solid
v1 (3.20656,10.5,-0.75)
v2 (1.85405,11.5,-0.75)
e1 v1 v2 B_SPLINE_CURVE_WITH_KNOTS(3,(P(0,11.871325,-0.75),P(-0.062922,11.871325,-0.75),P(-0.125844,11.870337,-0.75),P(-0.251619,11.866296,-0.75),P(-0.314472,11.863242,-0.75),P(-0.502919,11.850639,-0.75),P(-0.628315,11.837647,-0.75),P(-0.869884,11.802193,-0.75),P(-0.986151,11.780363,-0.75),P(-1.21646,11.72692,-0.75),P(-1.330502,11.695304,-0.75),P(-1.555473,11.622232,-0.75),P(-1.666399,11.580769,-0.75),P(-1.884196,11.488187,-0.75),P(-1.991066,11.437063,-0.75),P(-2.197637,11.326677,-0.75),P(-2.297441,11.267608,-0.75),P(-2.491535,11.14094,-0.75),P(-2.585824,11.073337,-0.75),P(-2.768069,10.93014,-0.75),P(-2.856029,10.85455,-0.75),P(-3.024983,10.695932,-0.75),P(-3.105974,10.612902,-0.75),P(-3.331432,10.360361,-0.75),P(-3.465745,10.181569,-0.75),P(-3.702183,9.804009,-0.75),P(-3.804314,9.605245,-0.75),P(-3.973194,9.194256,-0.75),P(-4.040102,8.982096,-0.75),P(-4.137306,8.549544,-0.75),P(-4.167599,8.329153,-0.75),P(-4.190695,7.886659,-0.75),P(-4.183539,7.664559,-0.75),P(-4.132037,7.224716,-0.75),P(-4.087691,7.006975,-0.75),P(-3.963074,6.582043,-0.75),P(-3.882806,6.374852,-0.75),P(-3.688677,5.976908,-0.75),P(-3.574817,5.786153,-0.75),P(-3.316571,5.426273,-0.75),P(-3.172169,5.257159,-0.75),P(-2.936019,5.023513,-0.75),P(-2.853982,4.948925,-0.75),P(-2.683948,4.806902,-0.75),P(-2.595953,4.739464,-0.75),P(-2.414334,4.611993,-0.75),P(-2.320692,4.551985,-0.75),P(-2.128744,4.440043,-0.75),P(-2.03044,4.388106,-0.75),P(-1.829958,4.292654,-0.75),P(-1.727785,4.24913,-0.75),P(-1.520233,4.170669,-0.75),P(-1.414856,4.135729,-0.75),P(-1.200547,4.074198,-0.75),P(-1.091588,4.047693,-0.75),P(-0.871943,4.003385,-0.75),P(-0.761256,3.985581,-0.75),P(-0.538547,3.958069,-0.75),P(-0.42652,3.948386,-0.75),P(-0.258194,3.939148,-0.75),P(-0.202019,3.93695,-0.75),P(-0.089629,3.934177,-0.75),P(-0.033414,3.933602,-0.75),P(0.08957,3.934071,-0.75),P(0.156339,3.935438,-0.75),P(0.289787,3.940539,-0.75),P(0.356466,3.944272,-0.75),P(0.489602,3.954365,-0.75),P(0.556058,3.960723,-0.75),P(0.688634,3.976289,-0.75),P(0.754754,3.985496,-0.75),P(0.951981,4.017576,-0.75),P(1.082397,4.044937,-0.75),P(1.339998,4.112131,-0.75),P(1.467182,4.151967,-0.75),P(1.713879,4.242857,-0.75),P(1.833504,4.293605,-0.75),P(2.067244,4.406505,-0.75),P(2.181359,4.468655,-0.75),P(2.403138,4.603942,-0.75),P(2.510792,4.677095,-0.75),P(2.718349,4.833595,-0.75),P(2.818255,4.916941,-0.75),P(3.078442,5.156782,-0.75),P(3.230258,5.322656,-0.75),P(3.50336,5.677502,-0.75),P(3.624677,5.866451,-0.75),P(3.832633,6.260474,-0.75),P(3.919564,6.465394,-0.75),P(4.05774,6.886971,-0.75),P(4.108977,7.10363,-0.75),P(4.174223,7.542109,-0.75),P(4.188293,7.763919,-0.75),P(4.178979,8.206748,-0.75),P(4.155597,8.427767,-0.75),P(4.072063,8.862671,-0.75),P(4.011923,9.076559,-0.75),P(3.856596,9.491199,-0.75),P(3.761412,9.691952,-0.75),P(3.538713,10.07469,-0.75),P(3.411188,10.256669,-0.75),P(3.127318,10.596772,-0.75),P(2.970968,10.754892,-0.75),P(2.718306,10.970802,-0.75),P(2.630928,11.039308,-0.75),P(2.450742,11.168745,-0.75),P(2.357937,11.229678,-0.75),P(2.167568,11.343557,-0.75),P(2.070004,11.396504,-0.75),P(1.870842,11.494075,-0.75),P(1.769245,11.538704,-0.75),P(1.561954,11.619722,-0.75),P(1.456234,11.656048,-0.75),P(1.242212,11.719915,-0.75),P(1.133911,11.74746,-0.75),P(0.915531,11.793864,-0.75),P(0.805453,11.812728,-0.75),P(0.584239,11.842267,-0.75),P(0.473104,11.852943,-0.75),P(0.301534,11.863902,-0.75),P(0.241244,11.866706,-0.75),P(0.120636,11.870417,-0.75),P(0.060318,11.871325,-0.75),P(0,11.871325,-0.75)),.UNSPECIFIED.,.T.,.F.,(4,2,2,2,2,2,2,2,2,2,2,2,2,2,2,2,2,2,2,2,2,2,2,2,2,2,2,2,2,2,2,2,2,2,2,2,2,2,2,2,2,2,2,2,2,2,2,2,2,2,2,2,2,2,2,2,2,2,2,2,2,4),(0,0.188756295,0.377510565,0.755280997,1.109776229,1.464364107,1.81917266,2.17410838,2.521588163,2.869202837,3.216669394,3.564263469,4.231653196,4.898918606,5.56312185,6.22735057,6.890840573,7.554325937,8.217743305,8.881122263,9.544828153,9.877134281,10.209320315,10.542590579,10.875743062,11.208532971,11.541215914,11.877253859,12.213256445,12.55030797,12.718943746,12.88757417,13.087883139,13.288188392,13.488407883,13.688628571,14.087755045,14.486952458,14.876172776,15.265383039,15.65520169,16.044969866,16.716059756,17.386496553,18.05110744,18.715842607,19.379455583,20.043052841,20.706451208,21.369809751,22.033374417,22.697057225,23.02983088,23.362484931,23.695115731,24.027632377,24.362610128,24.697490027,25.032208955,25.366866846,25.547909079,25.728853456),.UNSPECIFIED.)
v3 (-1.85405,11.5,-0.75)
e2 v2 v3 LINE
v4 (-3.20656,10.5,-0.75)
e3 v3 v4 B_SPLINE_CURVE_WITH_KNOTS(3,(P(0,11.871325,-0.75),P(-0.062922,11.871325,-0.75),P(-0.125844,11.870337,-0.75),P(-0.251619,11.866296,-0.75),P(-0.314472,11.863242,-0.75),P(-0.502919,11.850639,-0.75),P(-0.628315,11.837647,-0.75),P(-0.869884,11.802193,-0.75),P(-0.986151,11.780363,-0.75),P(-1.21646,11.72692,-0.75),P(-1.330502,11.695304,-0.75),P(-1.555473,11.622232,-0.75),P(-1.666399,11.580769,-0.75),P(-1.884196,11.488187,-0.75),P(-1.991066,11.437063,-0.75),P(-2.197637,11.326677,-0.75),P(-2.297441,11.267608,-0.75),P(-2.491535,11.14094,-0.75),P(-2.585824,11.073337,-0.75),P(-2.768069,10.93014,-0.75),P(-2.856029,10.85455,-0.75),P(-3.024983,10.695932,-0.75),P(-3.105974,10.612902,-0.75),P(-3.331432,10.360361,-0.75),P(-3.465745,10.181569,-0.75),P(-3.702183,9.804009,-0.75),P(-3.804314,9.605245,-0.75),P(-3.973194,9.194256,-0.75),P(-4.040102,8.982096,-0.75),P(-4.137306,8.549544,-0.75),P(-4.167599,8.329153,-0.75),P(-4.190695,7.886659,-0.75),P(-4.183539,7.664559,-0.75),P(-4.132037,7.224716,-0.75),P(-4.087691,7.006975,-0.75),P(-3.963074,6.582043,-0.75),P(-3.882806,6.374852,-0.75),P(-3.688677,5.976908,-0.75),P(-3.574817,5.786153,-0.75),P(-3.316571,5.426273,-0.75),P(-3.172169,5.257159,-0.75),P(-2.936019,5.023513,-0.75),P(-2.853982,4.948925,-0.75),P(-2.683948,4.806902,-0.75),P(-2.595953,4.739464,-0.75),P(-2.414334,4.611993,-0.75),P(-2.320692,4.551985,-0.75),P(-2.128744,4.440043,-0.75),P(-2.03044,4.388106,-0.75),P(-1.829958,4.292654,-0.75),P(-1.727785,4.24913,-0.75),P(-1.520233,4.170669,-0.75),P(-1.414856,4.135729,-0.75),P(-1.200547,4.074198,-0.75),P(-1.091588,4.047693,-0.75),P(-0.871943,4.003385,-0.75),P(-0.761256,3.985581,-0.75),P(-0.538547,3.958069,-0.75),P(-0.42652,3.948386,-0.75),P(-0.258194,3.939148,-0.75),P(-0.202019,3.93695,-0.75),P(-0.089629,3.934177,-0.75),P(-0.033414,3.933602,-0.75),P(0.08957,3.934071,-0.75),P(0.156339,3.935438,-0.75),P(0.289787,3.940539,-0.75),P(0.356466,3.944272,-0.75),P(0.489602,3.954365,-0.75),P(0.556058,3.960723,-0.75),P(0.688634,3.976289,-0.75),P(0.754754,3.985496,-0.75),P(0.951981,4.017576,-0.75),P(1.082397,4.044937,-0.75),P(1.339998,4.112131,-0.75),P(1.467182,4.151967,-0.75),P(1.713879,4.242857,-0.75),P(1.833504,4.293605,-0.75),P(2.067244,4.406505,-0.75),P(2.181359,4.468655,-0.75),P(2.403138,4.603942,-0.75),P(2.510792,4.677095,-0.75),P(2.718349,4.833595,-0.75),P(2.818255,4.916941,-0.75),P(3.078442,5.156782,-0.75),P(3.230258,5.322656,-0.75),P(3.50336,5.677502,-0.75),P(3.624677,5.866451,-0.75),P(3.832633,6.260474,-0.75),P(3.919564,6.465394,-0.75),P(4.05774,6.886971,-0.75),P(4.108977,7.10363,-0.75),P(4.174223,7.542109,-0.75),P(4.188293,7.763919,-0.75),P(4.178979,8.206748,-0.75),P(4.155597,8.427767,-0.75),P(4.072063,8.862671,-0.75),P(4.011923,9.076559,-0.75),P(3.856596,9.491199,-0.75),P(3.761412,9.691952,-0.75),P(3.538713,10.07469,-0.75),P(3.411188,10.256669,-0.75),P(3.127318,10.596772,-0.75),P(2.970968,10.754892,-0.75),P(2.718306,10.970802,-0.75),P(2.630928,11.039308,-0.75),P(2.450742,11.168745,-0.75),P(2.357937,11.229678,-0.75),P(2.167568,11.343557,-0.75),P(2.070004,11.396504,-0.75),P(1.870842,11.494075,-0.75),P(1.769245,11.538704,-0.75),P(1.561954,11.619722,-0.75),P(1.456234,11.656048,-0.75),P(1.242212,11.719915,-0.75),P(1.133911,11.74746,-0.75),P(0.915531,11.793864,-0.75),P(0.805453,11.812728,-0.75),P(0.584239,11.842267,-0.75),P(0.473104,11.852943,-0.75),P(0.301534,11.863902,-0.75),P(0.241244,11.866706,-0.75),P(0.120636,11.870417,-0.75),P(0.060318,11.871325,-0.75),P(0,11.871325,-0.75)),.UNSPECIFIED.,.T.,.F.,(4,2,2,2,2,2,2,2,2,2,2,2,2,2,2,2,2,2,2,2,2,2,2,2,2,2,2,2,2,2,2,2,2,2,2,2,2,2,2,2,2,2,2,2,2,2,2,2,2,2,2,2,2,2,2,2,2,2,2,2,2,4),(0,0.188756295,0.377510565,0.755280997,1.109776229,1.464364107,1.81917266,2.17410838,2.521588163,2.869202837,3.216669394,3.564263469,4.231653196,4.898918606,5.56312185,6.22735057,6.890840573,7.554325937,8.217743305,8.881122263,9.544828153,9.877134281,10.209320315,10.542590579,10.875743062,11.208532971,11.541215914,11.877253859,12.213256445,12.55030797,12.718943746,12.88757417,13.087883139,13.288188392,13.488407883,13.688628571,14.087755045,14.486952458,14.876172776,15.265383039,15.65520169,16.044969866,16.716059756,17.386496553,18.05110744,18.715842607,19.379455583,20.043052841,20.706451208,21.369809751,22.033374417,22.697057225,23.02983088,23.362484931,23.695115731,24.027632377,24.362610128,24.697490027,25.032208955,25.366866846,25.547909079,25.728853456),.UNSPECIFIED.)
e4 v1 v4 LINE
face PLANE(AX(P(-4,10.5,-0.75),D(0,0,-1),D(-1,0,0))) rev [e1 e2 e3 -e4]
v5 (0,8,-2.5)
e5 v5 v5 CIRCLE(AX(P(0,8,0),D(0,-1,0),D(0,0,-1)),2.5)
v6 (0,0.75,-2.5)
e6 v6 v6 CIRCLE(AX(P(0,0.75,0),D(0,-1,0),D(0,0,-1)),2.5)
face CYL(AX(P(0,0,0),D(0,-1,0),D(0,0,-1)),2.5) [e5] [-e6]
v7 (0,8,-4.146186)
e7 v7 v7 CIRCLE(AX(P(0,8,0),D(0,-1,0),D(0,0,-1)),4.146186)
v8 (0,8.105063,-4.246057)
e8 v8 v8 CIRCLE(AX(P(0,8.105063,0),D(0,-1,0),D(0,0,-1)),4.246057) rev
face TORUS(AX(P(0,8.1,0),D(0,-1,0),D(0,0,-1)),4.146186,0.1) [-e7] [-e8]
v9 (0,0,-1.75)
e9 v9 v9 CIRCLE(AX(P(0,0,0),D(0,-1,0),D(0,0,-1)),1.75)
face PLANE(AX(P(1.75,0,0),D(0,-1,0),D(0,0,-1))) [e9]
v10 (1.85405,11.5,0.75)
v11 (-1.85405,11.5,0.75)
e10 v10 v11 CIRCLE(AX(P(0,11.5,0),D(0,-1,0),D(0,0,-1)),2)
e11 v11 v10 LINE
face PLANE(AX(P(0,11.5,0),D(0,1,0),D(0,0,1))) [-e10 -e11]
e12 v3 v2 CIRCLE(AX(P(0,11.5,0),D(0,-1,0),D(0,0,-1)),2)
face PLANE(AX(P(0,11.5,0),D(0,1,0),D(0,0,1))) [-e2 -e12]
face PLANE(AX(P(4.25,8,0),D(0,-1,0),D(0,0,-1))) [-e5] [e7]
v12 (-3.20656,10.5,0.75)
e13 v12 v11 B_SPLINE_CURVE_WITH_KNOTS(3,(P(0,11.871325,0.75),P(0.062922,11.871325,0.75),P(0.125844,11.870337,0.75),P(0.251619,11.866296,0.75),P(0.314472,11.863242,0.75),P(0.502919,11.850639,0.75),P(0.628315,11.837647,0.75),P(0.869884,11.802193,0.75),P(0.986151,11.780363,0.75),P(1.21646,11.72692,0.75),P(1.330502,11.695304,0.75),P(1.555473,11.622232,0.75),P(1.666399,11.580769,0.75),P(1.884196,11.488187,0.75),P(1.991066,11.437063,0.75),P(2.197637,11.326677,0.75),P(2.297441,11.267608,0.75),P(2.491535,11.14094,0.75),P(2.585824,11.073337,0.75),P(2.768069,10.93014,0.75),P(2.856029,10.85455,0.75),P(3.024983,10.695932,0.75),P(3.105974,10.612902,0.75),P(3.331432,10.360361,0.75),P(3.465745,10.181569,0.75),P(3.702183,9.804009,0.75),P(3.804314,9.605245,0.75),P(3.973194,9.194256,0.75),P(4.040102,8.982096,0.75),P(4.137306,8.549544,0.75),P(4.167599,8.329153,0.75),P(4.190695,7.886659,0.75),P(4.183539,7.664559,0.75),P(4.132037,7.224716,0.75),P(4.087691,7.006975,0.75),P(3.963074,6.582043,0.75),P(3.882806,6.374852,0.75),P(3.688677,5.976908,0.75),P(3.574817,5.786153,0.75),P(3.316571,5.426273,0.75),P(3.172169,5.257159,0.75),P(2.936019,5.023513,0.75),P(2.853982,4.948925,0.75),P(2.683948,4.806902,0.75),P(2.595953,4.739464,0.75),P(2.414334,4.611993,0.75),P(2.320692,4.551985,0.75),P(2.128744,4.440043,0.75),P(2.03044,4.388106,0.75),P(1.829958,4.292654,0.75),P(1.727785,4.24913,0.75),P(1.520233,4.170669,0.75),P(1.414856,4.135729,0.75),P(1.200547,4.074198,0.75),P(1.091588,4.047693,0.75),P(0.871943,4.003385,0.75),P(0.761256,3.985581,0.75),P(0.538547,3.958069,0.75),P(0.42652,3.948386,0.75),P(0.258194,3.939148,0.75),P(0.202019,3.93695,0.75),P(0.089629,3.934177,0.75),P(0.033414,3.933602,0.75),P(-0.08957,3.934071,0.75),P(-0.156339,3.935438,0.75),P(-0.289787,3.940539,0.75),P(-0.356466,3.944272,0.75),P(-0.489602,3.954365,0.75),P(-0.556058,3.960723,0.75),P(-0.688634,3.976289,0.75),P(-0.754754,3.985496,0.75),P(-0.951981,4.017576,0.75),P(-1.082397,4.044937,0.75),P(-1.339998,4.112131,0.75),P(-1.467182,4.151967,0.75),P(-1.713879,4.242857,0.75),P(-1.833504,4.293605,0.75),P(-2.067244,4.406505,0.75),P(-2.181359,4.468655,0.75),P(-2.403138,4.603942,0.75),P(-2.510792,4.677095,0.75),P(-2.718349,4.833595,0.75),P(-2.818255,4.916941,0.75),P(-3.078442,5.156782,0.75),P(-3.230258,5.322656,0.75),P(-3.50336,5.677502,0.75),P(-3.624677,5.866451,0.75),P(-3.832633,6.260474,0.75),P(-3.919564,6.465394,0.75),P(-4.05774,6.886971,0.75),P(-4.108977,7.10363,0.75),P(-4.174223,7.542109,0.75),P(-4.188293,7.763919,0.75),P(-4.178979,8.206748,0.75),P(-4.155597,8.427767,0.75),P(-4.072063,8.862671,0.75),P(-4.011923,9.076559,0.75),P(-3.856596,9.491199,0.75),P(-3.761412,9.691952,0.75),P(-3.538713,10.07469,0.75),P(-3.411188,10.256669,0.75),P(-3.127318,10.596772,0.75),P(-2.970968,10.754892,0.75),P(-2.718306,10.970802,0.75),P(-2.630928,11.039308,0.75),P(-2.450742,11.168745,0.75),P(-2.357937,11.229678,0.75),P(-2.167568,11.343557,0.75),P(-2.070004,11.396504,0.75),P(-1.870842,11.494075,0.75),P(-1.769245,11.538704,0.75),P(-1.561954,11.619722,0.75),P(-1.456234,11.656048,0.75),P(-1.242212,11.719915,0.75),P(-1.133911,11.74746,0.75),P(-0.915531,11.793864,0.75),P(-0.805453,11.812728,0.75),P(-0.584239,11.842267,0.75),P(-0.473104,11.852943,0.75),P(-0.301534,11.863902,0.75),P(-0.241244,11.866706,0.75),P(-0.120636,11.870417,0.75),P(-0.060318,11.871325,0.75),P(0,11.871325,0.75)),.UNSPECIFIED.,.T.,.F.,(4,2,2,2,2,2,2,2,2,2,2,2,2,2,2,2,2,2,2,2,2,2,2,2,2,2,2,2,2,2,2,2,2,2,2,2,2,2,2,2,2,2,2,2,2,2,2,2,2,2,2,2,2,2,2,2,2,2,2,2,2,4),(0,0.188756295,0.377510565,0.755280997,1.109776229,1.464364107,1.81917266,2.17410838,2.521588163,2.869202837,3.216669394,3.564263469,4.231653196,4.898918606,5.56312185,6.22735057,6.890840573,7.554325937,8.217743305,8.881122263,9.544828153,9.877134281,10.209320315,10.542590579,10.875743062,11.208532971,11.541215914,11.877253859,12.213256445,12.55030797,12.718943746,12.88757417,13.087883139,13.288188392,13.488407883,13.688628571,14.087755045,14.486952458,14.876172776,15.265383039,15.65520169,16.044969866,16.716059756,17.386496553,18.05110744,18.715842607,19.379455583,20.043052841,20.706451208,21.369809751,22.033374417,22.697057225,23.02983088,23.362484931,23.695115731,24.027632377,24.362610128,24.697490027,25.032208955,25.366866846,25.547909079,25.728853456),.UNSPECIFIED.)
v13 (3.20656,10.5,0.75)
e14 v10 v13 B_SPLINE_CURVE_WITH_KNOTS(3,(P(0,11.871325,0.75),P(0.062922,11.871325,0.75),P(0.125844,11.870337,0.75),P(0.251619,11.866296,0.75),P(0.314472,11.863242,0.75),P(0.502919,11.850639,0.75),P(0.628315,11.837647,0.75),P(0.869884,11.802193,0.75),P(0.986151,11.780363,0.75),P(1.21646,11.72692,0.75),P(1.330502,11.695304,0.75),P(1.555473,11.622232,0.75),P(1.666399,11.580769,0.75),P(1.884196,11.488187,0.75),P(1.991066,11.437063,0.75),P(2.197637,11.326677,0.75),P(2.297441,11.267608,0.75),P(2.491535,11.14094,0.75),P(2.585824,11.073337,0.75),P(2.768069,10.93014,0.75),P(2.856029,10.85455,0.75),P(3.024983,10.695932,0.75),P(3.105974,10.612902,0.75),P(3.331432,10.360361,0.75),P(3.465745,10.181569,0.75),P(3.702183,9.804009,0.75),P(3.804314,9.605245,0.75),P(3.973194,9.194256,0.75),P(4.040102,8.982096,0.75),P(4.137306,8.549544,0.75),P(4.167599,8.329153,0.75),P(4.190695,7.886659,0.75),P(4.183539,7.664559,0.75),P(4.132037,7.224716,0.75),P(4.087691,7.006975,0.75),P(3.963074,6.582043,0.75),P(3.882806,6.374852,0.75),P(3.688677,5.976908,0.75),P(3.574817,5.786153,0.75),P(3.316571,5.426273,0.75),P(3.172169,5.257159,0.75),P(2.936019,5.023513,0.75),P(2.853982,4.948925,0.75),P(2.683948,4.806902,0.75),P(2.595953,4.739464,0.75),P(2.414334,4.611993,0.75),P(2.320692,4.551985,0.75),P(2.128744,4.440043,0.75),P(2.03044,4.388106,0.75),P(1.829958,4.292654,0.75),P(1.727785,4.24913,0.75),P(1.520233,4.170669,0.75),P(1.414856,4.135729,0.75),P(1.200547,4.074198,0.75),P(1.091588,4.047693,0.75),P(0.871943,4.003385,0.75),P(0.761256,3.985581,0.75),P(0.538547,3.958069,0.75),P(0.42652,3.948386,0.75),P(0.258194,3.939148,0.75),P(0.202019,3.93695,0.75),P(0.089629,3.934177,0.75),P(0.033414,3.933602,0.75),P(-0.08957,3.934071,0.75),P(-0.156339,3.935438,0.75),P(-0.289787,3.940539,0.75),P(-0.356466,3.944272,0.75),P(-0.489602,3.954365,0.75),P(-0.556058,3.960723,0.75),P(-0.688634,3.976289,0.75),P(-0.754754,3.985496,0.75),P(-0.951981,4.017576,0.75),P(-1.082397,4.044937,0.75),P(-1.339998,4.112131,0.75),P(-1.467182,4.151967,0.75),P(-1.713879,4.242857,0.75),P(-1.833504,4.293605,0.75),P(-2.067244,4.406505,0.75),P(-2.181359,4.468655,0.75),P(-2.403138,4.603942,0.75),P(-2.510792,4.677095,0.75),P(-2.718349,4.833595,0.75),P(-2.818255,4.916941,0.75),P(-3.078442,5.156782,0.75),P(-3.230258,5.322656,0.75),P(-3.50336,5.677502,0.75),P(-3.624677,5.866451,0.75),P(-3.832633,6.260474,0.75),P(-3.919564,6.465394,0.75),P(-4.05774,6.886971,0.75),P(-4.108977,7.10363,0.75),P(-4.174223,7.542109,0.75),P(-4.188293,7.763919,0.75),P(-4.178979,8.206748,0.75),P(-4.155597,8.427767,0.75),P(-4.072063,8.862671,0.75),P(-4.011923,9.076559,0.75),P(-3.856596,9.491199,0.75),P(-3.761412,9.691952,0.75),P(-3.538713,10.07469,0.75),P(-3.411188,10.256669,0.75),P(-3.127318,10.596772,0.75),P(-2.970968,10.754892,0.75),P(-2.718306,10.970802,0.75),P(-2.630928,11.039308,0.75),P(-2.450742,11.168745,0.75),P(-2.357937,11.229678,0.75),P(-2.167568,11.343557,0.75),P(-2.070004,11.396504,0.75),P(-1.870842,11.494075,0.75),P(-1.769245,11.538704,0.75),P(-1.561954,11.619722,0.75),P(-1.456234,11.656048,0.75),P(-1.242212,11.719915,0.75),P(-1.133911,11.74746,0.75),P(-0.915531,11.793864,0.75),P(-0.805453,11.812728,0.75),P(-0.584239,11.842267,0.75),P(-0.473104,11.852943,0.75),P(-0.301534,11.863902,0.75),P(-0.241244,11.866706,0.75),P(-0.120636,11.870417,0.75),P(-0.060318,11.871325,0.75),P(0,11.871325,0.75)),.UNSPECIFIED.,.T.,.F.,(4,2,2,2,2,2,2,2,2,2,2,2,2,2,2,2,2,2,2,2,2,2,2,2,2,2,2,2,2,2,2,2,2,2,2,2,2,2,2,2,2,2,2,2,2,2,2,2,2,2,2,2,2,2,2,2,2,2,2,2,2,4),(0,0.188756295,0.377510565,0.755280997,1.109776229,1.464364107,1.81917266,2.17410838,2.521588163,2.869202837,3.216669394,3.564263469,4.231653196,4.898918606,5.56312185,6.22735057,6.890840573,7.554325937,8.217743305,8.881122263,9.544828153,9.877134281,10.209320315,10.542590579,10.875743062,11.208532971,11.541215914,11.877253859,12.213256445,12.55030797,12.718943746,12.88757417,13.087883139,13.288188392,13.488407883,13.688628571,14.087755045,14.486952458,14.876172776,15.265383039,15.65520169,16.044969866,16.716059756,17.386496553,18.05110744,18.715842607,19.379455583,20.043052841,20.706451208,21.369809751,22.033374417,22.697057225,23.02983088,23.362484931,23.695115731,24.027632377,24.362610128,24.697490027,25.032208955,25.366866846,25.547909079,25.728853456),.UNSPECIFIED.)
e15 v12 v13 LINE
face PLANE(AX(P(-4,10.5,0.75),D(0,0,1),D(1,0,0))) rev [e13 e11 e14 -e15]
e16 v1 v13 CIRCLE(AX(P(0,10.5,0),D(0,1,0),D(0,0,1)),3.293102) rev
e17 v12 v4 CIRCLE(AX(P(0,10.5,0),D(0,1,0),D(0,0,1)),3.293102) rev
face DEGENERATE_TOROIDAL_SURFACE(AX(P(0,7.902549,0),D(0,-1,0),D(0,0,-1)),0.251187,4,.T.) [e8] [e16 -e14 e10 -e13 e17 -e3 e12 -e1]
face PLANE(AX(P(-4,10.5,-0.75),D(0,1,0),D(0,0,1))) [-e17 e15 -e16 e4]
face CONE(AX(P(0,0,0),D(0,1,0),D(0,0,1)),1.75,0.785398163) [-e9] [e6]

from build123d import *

# Parameters (mm, degrees)
FILLET_1_R          = 0.1
SKETCH_3_W          = 8
SKETCH_3_H          = 1.5
CUT_EXTRUDE_2_DEPTH = 1


with BuildPart() as part:
    # Эскиз1 → Повернуть1 (revolve)
    with BuildSketch(Plane.XY):
        with BuildLine():
            Line((4.25, 8), (2.5, 8))
            Line((2.5, 8), (2.5, 0.75))
            Line((2.5, 0.75), (1.75, 0))
            Line((1.75, 0), (0, 0))
            Line((0, 0), (0, 11.5))
            Line((0, 11.5), (2, 11.5))
            ThreePointArc((2, 11.5), (3.615901166, 10.065579321), (4.25, 8))
        make_face()
    revolve(axis=Axis((0, 0, 0), (0, 1, 0)))

    # Скругление1
    fillet_1_edges = [part.edges().sort_by_distance(p)[0] for p in [
        (-4.25, 8, 0),
    ]]
    fillet(fillet_1_edges, radius=FILLET_1_R)

    # Эскиз3 → Вырез-Вытянуть2 (cut)
    with BuildSketch(Plane(origin=(0, 11.5, 0), x_dir=(-1, 0, 0), z_dir=(0, 1, 0))):
        Rectangle(SKETCH_3_W, SKETCH_3_H)
    extrude(amount=-CUT_EXTRUDE_2_DEPTH, mode=Mode.SUBTRACT)


solid = part.part
